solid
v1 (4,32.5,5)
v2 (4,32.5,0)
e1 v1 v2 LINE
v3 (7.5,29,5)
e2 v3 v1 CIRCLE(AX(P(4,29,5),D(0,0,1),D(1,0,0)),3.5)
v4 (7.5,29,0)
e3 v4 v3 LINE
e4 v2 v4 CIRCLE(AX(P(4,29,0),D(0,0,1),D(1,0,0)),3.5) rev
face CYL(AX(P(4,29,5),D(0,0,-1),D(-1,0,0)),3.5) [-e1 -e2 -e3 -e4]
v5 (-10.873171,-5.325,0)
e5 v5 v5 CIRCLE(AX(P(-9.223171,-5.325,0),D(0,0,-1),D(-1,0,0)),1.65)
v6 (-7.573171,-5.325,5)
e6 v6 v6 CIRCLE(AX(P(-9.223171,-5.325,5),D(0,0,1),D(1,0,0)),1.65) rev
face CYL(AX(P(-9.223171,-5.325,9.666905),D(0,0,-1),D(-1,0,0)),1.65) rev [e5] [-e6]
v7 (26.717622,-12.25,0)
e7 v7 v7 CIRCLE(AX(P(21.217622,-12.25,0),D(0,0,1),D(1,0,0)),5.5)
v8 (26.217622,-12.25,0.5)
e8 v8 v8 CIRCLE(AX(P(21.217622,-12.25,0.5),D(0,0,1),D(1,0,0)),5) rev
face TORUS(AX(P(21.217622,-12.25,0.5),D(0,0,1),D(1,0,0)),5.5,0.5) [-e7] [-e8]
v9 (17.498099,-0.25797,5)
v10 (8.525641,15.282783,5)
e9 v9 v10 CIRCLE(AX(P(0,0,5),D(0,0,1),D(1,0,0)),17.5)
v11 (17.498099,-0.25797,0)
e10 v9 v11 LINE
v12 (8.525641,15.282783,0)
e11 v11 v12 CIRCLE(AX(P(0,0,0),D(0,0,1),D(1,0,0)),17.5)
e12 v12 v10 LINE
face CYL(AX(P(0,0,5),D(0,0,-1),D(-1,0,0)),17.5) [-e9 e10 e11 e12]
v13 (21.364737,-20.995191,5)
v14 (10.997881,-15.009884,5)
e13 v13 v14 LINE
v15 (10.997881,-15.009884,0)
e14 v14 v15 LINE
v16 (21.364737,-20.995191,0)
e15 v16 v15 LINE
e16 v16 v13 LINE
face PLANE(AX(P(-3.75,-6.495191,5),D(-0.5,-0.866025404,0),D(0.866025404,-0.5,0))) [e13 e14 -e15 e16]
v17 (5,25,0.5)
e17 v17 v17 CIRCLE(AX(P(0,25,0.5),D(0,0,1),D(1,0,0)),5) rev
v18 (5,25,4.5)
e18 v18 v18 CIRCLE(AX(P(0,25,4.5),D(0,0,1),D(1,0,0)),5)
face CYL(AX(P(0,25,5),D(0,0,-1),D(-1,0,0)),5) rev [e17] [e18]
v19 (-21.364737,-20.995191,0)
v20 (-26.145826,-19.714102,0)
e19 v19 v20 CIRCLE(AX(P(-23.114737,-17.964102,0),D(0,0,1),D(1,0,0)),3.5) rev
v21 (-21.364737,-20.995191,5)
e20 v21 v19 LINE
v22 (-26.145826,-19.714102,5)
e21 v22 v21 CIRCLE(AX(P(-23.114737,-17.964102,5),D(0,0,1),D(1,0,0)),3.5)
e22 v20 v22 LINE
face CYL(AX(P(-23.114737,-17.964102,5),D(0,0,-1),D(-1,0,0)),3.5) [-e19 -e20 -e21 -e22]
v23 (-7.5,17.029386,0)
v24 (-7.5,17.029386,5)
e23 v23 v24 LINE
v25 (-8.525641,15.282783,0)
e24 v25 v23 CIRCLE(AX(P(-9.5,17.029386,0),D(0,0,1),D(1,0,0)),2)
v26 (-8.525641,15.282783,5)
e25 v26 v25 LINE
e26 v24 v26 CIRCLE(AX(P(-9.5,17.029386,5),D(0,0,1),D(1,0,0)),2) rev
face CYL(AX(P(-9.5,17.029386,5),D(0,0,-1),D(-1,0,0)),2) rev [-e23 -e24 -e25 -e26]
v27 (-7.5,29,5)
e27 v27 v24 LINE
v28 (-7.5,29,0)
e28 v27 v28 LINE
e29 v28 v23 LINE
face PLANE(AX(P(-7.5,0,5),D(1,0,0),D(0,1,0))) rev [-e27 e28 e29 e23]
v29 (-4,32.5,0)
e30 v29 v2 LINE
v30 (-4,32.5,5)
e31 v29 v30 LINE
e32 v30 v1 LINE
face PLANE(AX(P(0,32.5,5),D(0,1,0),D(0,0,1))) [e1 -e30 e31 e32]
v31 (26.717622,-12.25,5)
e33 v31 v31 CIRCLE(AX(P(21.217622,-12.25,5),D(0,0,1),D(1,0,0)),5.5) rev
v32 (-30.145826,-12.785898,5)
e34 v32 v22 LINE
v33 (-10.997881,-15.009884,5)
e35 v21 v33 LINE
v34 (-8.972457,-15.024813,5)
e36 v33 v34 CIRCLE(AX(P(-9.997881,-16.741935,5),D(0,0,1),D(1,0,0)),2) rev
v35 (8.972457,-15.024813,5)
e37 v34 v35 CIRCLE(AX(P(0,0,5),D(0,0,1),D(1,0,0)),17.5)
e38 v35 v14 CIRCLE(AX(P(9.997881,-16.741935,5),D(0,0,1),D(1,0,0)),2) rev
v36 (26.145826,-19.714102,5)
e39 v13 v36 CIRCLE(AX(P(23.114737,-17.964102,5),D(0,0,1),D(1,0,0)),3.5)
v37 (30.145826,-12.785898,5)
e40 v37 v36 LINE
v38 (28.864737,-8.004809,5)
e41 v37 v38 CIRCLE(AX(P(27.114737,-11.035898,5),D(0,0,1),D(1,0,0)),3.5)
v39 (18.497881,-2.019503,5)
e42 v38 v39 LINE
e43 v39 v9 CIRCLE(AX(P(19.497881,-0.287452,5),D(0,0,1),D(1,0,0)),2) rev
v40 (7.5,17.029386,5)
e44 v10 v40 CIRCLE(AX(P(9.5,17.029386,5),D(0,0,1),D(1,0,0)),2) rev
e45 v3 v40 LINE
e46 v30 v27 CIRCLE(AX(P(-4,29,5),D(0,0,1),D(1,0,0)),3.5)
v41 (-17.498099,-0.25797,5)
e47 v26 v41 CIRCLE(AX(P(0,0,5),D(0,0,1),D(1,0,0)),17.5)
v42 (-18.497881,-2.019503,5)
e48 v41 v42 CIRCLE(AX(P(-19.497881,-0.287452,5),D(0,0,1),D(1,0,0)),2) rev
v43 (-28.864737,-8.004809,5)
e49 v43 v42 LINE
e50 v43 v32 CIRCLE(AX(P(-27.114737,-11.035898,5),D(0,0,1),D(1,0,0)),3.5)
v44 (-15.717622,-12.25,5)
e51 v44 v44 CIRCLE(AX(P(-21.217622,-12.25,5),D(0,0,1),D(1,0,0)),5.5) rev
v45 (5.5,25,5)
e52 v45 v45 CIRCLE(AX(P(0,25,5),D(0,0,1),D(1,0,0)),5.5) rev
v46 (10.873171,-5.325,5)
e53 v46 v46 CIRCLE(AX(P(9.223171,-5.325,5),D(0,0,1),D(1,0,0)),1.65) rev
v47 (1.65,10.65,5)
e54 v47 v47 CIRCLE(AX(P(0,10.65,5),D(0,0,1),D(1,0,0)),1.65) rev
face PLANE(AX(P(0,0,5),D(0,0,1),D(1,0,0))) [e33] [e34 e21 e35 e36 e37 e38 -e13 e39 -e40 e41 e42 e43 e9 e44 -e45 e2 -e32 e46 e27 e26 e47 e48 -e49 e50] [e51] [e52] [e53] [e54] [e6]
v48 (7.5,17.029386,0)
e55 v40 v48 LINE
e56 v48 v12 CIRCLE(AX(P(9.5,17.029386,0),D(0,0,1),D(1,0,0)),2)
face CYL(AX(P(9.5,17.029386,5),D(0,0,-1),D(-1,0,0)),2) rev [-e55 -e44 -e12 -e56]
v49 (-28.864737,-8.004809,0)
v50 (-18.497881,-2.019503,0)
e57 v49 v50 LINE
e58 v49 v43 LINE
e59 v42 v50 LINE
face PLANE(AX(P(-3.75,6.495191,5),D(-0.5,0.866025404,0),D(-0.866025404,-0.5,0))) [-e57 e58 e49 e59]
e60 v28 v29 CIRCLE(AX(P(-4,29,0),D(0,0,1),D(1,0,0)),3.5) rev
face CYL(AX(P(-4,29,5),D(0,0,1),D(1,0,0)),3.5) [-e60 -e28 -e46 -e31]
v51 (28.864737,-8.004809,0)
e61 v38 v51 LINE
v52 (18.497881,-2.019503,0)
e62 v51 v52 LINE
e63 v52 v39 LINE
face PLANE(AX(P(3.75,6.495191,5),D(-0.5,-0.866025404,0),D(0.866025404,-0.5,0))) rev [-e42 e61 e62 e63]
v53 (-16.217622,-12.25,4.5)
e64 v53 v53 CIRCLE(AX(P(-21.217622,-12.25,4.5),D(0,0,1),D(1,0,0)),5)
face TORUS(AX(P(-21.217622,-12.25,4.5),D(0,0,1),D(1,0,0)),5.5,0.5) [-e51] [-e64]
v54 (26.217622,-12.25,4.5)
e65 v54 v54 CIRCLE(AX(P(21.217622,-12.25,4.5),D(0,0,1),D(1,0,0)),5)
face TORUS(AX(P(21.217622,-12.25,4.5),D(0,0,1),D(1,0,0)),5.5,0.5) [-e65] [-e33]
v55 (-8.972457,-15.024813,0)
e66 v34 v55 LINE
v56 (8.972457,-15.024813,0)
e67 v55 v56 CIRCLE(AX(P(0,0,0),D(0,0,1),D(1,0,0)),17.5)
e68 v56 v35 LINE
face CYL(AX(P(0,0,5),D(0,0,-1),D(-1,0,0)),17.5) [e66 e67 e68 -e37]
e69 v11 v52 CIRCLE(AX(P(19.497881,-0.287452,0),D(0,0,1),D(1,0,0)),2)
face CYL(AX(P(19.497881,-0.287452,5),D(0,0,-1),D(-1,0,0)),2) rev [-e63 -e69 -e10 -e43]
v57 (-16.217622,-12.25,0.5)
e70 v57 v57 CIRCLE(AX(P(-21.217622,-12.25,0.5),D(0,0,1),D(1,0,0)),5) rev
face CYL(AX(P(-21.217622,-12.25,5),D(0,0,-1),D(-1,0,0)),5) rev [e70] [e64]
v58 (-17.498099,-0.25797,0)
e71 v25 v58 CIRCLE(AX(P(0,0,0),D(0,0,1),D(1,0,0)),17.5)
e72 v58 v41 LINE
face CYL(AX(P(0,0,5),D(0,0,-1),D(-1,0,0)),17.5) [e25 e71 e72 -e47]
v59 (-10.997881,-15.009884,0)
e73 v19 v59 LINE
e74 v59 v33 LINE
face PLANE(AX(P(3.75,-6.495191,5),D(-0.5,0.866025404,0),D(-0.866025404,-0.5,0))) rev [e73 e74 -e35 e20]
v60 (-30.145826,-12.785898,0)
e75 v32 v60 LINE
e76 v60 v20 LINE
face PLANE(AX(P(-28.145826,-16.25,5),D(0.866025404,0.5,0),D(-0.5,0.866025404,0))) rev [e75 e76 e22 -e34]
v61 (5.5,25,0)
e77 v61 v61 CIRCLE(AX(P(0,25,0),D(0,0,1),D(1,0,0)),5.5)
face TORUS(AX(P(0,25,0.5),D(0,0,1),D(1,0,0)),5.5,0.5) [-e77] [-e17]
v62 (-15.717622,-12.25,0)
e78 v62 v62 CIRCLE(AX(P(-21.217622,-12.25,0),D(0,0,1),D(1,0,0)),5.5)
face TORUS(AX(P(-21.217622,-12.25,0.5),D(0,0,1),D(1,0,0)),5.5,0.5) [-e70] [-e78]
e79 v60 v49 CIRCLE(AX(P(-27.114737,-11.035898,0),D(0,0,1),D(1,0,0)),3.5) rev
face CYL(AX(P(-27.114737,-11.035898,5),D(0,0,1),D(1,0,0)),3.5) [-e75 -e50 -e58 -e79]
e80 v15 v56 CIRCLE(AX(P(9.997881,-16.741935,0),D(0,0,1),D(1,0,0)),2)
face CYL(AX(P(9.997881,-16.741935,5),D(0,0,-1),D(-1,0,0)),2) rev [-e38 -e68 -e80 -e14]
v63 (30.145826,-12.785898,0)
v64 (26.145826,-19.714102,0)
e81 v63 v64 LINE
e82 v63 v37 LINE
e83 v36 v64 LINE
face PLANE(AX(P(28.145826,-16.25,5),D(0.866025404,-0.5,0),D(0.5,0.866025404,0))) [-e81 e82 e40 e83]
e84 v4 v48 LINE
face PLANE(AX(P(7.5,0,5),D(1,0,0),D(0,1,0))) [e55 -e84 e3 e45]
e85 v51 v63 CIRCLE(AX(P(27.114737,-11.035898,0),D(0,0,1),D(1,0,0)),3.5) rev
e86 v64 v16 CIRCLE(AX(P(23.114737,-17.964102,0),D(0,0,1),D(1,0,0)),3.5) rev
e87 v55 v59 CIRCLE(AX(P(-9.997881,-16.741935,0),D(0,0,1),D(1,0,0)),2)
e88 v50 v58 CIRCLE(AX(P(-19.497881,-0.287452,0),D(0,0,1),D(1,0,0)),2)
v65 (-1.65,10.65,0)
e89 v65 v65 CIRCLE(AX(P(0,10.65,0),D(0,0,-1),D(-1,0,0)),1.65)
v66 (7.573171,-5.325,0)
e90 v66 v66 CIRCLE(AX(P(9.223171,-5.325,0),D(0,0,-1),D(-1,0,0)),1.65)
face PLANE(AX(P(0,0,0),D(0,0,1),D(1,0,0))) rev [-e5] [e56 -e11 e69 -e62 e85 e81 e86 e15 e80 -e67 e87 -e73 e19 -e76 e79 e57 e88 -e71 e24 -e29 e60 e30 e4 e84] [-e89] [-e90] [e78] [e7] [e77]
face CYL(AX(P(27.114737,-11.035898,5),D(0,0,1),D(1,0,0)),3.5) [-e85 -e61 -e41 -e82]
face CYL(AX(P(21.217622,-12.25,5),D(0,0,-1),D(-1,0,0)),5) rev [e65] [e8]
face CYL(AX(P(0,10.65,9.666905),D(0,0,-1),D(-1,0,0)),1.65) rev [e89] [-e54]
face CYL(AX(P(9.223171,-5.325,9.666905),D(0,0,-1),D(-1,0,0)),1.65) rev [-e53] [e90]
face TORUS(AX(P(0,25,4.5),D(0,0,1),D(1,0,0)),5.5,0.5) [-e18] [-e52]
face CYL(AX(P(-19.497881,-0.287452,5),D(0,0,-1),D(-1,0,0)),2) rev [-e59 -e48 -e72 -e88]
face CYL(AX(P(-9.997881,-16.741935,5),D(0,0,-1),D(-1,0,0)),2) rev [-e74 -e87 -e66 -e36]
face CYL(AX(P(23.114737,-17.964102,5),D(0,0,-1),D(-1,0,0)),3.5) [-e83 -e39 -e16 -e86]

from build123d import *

# Parameters (mm, degrees)
SKETCH1_R           = 5
SKETCH1_R_2         = 17.5
SKETCH1_R_3         = 2.4
BOSS_EXTRUDE1_DEPTH = 5
FILLET1_R           = 3.5
FILLET2_R           = 2
FILLET3_R           = 0.5
SKETCH3_R           = 1.65
CUT_EXTRUDE1_DEPTH  = 5


with BuildPart() as part:
    # Sketch1 → Boss-Extrude1 (new body)
    # profile 1 of 5: a face of its own
    with BuildSketch(Plane.XY):
        with BuildLine():
            ThreePointArc((-9.943063938, -14.400884679), (-15.155444566, -8.75), (-17.443063938, -1.410503622))
            Line((-17.443063938, -1.410503622), (-31.895825623, -9.754809472))
            Line((-31.895825623, -9.754809472), (-24.395825623, -22.745190528))
            Line((-24.395825623, -22.745190528), (-9.943063938, -14.400884679))
        make_face()
        with Locations((-21.217622393, -12.25)):
            Circle(SKETCH1_R, mode=Mode.SUBTRACT)
    # profile 2 of 5: a face of its own
    with BuildSketch(Plane.XY):
        Circle(SKETCH1_R_2)
        Circle(SKETCH1_R_3, mode=Mode.SUBTRACT)
    # profile 3 of 5: a face of its own
    with BuildSketch(Plane.XY):
        with BuildLine():
            Line((31.895825623, -9.754809472), (17.443063938, -1.410503622))
            ThreePointArc((17.443063938, -1.410503622), (15.155444566, -8.75), (9.943063938, -14.400884679))
            Line((9.943063938, -14.400884679), (24.395825623, -22.745190528))
            Line((24.395825623, -22.745190528), (31.895825623, -9.754809472))
        make_face()
        with Locations((21.217622393, -12.25)):
            Circle(SKETCH1_R, mode=Mode.SUBTRACT)
    # profile 4 of 5: a face of its own
    with BuildSketch(Plane.XY):
        with BuildLine():
            Line((7.5, 32.5), (-7.5, 32.5))
            Line((-7.5, 32.5), (-7.5, 15.811388301))
            ThreePointArc((-7.5, 15.811388301), (0, 17.5), (7.5, 15.811388301))
            Line((7.5, 15.811388301), (7.5, 32.5))
        make_face()
        with Locations((0, 25)):
            Circle(SKETCH1_R, mode=Mode.SUBTRACT)
    # profile 5 of 5: a face of its own
    with BuildSketch(Plane.XY):
        Circle(SKETCH1_R_3)
    extrude(amount=BOSS_EXTRUDE1_DEPTH)

    # Fillet1
    fillet1_edges = [part.edges().sort_by_distance(p)[0] for p in [
        (-24.395825623, -22.745190528, 2.5),
        (-31.895825623, -9.754809472, 2.5),
        (-7.5, 32.5, 2.5),
        (7.5, 32.5, 2.5),
        (31.895825623, -9.754809472, 2.5),
        (24.395825623, -22.745190528, 2.5),
    ]]
    fillet(fillet1_edges, radius=FILLET1_R)

    # Fillet2
    fillet2_edges = [part.edges().sort_by_distance(p)[0] for p in [
        (-17.443063938, -1.410503622, 2.5),
        (-7.5, 15.811388301, 2.5),
        (7.5, 15.811388301, 2.5),
        (17.443063938, -1.410503622, 2.5),
        (9.943063938, -14.400884679, 2.5),
        (-9.943063938, -14.400884679, 2.5),
    ]]
    fillet(fillet2_edges, radius=FILLET2_R)

    # Fillet3
    fillet3_edges = [part.edges().sort_by_distance(p)[0] for p in [
        (16.217622393, -12.25, 0),
        (-5, 25, 0),
        (-26.217622393, -12.25, 0),
        (-26.217622393, -12.25, 5),
        (-5, 25, 5),
        (16.217622393, -12.25, 5),
    ]]
    fillet(fillet3_edges, radius=FILLET3_R)

    # Sketch3 → Cut-Extrude1 (cut)
    with BuildSketch(Plane(origin=(0, 0, 0), x_dir=(-1, 0, 0), z_dir=(0, 0, -1))):
        with Locations((-9.22317055, -5.325)):
            Circle(SKETCH3_R)
        with Locations((9.22317055, -5.325)):
            Circle(SKETCH3_R)
        with Locations((0, 10.65)):
            Circle(SKETCH3_R)
    extrude(amount=-CUT_EXTRUDE1_DEPTH, mode=Mode.SUBTRACT)


solid = part.part
